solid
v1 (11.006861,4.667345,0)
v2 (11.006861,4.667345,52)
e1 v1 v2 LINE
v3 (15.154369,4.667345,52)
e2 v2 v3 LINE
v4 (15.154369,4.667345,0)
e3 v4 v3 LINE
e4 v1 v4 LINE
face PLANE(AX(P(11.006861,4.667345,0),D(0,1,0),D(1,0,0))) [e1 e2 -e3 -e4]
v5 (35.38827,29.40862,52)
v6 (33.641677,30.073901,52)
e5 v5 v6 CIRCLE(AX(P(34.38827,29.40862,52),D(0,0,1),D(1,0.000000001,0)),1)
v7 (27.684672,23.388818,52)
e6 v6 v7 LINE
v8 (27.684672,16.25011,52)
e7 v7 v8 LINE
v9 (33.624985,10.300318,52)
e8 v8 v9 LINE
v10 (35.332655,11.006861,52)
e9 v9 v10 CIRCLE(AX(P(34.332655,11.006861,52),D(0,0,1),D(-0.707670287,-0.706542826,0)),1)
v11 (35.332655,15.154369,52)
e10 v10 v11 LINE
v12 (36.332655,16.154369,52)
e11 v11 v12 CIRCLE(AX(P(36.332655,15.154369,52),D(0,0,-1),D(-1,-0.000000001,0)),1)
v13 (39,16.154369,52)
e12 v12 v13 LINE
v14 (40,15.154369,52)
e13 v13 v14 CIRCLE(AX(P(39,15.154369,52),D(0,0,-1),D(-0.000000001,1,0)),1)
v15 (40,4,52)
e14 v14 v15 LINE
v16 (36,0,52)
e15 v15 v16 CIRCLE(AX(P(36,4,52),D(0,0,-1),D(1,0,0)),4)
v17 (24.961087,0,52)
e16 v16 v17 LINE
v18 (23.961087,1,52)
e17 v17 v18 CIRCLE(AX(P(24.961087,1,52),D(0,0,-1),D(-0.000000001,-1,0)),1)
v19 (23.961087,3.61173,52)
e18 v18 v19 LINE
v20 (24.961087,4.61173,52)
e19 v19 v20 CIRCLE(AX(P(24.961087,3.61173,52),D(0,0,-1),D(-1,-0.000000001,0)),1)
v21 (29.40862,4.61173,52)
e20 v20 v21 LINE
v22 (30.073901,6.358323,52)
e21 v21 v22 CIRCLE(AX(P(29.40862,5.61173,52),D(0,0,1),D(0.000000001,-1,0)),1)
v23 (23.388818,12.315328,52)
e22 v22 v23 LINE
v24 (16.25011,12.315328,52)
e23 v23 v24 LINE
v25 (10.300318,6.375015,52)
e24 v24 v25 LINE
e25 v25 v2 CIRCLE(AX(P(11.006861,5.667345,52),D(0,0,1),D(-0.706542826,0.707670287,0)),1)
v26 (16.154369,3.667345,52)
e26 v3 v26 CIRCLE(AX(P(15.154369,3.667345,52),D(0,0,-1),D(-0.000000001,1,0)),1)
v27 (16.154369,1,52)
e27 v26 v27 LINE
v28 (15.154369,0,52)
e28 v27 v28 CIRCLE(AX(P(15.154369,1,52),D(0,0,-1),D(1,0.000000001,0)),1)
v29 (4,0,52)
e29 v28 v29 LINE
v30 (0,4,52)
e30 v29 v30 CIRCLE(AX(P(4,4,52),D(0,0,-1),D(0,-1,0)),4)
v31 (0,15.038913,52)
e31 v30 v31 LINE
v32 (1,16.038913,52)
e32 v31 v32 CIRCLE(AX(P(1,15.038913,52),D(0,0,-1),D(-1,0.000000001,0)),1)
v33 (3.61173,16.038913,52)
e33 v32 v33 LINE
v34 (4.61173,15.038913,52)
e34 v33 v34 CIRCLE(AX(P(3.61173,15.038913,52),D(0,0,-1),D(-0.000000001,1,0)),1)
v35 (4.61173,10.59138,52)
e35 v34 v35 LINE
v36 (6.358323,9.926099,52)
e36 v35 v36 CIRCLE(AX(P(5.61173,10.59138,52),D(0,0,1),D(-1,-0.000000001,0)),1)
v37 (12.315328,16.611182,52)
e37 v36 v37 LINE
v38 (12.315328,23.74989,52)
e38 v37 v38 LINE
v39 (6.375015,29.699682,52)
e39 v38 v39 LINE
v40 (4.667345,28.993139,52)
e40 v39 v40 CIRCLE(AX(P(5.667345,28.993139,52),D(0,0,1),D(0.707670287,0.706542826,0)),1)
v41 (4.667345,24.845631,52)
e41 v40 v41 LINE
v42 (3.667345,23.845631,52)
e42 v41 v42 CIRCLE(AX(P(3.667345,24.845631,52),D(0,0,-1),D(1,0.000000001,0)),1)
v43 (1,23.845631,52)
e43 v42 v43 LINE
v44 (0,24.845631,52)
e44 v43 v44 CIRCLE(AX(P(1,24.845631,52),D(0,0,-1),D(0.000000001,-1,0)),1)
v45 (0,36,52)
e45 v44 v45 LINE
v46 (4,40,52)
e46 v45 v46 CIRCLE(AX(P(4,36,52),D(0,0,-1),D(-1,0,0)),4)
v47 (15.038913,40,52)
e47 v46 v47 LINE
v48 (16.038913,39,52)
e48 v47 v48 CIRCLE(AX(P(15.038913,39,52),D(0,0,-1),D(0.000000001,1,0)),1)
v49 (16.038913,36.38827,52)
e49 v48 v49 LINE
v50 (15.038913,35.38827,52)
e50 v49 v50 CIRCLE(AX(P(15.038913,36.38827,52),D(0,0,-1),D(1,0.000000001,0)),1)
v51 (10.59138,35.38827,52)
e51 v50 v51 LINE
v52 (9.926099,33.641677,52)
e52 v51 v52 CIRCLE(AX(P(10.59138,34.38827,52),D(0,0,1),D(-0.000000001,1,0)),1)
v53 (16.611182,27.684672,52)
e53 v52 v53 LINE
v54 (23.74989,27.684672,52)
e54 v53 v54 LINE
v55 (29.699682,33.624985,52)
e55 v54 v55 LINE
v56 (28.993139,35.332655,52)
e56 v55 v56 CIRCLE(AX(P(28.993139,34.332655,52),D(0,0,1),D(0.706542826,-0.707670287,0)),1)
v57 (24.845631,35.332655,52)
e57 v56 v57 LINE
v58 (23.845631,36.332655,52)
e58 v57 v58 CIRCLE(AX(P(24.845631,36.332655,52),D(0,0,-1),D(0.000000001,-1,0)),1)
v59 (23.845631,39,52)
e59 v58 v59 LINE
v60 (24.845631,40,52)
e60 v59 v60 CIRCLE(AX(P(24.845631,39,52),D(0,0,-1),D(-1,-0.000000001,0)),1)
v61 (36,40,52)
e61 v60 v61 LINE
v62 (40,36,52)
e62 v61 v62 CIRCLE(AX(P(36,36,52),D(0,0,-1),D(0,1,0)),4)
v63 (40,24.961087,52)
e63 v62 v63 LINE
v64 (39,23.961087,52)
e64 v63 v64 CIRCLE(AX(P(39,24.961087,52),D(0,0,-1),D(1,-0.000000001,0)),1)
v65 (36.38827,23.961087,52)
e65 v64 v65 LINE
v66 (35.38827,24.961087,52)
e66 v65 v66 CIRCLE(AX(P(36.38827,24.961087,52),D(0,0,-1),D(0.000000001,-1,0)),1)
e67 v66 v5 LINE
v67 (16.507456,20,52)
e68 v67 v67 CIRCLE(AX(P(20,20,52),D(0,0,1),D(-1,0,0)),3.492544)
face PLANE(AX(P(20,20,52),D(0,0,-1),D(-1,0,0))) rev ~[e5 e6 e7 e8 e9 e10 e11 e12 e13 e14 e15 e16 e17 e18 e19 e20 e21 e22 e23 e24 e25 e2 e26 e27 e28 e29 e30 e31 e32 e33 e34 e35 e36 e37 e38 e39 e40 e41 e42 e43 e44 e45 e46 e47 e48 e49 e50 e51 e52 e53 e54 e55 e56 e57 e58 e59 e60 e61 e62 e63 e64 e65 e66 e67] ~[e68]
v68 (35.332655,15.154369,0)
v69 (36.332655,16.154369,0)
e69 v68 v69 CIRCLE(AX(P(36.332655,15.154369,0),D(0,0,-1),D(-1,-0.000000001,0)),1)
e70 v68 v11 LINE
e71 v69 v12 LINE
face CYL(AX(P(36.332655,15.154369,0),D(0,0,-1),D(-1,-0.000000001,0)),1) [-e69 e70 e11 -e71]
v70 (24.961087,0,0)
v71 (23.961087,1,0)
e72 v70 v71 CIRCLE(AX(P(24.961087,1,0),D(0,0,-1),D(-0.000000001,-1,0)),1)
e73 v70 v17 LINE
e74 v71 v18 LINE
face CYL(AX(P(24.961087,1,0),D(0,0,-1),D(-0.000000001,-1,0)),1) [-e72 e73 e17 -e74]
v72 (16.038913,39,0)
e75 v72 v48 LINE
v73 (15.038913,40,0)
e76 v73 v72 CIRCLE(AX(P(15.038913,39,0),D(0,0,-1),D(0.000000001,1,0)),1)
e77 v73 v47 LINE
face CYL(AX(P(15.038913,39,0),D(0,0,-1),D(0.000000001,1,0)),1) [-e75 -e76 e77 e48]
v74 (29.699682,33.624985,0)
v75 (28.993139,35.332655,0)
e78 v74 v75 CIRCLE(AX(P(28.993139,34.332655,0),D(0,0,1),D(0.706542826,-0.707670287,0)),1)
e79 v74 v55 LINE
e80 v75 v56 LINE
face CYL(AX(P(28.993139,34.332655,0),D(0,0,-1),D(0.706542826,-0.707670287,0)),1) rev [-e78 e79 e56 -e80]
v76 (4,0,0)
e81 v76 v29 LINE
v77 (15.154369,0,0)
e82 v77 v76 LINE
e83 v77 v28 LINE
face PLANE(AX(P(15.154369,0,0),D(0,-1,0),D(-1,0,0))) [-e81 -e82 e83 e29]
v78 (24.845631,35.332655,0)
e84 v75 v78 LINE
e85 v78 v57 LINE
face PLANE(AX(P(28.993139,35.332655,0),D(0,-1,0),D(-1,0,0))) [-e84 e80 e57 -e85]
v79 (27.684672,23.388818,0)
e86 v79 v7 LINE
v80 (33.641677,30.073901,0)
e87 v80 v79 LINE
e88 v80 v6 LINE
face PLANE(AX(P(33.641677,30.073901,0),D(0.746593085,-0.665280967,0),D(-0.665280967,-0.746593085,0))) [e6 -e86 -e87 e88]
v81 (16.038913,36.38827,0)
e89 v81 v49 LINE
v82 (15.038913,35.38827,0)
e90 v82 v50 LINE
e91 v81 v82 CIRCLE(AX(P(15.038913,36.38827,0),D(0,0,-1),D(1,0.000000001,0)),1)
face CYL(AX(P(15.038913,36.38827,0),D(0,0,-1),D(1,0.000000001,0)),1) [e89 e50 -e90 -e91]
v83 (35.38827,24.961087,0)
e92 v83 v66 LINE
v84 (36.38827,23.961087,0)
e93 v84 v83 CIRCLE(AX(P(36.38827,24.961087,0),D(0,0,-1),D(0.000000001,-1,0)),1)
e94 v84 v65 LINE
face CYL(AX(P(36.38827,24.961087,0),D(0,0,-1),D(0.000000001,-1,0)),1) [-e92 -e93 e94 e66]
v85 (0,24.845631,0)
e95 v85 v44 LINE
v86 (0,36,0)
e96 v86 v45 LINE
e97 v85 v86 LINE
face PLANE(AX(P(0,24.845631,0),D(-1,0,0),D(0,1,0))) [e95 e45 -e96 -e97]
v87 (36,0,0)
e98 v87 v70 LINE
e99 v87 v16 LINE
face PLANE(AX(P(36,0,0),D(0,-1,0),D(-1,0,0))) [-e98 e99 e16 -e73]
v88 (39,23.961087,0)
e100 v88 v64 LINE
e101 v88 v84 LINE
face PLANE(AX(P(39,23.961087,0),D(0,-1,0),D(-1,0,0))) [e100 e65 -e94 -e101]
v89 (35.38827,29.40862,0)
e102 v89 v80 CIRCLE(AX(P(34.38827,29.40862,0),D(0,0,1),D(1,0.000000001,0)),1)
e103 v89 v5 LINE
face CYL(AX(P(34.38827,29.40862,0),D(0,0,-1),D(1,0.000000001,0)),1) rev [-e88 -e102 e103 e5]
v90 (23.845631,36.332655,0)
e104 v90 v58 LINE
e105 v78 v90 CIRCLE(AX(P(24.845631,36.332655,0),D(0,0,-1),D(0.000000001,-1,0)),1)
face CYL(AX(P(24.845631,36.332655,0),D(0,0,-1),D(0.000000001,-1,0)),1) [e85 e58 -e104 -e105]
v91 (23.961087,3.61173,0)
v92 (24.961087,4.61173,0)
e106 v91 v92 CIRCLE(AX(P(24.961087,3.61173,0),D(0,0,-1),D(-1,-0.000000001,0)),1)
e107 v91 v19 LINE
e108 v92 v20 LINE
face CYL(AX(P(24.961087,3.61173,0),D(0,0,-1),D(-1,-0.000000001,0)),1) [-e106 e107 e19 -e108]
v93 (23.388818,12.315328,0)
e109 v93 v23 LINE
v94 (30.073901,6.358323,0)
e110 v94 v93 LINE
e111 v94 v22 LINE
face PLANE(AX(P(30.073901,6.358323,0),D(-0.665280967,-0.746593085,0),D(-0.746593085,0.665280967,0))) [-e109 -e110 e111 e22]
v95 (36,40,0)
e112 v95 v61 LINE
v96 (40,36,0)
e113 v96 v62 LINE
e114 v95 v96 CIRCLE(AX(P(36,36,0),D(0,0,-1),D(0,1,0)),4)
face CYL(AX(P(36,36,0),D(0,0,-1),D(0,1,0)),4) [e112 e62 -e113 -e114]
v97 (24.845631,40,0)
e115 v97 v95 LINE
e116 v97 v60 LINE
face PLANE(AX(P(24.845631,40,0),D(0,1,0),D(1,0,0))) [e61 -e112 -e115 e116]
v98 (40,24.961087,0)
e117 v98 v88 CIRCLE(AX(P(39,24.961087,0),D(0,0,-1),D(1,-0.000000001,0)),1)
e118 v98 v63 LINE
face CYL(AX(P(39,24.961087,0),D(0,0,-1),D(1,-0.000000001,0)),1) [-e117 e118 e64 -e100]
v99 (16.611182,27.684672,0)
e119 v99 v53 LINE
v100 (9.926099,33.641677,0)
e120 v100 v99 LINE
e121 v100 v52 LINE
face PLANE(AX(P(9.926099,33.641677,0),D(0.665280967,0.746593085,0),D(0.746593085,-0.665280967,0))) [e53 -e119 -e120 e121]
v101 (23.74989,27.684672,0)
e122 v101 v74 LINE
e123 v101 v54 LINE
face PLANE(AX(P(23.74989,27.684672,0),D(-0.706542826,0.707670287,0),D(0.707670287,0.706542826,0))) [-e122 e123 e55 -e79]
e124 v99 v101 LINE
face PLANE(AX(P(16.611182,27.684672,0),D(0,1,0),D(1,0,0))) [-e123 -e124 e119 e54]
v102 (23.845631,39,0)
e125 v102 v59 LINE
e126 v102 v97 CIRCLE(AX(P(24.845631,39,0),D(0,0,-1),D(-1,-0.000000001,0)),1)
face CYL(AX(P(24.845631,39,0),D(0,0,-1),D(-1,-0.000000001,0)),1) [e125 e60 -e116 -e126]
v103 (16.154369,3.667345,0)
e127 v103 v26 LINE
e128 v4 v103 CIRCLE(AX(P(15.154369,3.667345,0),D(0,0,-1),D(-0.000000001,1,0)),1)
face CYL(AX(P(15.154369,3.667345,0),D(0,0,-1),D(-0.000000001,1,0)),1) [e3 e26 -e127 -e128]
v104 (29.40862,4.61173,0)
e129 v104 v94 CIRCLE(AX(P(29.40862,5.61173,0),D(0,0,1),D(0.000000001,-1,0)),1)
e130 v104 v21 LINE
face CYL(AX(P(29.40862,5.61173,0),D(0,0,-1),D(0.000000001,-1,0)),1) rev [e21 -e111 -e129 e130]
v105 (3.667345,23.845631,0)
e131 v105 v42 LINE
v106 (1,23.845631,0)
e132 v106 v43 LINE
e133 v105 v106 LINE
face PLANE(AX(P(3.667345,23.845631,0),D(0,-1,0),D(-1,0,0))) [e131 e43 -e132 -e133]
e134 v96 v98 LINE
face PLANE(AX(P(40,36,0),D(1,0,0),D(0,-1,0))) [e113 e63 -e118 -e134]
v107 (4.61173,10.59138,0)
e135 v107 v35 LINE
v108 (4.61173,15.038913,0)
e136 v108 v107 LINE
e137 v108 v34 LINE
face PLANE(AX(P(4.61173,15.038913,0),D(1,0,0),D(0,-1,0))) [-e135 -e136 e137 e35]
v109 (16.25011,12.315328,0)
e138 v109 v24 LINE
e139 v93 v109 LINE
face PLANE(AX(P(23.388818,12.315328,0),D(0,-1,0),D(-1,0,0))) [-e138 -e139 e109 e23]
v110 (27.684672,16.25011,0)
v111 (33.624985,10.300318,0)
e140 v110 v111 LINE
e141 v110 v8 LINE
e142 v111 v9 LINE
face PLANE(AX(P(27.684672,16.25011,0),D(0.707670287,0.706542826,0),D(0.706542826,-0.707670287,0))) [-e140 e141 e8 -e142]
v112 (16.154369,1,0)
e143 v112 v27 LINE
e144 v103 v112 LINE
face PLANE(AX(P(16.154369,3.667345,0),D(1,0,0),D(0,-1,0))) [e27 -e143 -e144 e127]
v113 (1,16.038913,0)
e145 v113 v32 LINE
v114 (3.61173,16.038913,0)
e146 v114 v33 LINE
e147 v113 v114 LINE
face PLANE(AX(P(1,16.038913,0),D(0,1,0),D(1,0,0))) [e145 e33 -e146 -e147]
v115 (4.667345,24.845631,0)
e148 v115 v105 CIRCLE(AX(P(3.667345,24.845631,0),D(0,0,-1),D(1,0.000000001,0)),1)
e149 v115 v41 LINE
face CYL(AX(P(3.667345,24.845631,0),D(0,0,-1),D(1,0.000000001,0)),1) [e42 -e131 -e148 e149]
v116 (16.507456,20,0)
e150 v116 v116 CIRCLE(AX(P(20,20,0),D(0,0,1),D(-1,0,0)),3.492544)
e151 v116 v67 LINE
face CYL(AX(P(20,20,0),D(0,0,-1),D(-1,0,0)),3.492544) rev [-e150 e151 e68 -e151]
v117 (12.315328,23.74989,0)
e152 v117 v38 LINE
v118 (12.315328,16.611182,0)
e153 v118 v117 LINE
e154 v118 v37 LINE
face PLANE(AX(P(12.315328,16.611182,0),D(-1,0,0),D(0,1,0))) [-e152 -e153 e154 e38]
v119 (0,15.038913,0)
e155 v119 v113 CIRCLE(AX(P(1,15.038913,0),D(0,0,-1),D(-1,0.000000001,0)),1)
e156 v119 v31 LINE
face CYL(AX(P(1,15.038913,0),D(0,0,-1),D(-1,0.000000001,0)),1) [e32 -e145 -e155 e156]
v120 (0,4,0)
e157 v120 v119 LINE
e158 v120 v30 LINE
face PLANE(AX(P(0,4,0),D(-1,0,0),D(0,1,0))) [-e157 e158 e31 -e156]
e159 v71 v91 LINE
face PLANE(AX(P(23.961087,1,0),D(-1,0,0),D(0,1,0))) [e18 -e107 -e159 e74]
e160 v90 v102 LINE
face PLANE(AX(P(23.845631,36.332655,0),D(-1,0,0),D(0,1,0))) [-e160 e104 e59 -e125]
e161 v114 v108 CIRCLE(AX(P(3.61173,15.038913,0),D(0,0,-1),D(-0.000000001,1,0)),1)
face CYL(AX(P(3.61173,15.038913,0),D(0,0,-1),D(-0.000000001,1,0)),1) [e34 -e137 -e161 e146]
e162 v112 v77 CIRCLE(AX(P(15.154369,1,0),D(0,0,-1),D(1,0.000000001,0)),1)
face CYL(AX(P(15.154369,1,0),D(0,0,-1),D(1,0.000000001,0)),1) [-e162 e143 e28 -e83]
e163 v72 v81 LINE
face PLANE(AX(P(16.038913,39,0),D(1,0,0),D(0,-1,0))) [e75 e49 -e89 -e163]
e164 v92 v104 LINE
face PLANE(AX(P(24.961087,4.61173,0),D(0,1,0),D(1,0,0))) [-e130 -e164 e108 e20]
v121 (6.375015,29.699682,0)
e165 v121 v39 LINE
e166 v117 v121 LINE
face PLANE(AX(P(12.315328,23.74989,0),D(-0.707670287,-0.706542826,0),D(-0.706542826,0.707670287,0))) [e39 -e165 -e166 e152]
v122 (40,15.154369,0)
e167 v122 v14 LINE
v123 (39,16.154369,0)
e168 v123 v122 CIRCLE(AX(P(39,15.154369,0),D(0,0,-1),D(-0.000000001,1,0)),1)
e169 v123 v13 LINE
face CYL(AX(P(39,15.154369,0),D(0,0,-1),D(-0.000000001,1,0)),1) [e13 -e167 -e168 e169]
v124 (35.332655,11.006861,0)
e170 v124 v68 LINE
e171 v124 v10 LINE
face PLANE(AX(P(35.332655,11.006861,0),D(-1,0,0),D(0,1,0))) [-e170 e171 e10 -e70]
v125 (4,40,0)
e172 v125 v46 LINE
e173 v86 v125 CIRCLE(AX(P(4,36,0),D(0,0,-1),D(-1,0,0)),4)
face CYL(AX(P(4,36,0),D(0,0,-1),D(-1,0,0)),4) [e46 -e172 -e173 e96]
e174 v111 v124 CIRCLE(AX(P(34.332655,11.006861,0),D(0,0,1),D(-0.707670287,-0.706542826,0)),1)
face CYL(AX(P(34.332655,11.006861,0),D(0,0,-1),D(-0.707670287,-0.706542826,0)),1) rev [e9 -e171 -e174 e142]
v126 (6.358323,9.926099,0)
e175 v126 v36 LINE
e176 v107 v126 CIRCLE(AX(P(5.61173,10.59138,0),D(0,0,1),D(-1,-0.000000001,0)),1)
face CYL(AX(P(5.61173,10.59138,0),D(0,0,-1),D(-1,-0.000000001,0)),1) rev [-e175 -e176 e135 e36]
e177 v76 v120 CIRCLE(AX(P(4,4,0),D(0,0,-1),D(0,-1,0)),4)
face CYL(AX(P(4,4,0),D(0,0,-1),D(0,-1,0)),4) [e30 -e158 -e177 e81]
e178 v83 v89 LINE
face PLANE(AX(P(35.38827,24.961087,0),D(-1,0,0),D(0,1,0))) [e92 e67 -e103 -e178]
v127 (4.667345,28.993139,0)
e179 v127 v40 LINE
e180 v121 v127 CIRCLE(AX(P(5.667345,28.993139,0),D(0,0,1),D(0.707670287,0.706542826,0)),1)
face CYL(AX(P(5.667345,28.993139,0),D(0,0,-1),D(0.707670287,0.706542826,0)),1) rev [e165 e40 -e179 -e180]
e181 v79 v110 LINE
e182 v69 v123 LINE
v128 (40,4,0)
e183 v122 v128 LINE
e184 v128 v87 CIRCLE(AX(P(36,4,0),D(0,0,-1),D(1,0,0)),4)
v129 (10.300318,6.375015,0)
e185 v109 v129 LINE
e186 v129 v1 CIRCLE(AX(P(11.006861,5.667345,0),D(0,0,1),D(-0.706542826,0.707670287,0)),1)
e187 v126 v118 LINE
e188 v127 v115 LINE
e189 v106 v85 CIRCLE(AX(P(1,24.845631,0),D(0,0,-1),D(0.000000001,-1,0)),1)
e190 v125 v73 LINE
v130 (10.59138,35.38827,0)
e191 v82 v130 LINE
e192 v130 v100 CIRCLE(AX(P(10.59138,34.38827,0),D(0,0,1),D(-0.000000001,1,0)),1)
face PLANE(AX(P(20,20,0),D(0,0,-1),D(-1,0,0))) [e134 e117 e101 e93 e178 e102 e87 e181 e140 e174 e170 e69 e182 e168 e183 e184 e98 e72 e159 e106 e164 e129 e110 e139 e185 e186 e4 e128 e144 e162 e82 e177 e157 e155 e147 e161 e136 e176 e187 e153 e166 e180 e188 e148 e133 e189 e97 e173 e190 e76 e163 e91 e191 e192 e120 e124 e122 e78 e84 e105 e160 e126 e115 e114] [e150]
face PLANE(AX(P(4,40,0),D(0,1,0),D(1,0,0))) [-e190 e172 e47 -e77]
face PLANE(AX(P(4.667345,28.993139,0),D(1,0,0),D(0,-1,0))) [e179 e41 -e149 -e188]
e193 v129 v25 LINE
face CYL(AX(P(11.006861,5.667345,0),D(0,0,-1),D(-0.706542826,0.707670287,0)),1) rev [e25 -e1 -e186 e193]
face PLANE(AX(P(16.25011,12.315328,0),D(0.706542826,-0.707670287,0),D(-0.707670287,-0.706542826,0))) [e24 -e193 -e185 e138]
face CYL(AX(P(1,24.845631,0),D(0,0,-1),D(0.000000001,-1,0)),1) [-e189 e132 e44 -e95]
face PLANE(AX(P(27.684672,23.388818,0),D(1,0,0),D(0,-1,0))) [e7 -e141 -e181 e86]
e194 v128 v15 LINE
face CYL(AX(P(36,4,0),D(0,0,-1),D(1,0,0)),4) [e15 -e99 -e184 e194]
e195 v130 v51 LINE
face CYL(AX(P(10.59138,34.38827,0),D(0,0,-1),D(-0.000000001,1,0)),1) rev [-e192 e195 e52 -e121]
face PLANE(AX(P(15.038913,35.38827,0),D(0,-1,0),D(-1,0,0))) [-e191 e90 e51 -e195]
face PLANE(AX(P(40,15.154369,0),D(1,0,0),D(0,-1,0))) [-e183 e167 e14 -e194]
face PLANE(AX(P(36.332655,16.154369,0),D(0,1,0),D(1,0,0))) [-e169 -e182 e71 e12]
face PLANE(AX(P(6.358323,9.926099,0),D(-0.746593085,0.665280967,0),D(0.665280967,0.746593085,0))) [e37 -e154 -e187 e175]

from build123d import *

# Parameters (mm, degrees)
SKETCH2_R           = 3.492543695
BOSS_EXTRUDE1_DEPTH = 52


with BuildPart() as part:
    # Sketch2 → Boss-Extrude1 (new body)
    with BuildSketch(Plane.XY):
        with BuildLine():
            Line((19.48831917, 27.684671829), (23.749889801, 27.684671829))
            Line((23.749889801, 27.684671829), (29.699681879, 33.624984685))
            ThreePointArc((29.699681879, 33.624984685), (29.917171057, 34.714970099), (28.993139054, 35.332654972))
            Line((28.993139054, 35.332654972), (24.845630957, 35.332654972))
            ThreePointArc((24.845630957, 35.332654972), (24.138524175, 35.625548191), (23.845630957, 36.332654972))
            Line((23.845630957, 36.332654972), (23.845630957, 39))
            ThreePointArc((23.845630957, 39), (24.138524175, 39.707106781), (24.845630957, 40))
            Line((24.845630957, 40), (36, 40))
            ThreePointArc((36, 40), (38.828427125, 38.828427125), (40, 36))
            Line((40, 36), (40, 24.961087436))
            ThreePointArc((40, 24.961087436), (39.707106781, 24.253980655), (39, 23.961087436))
            Line((39, 23.961087436), (36.388269628, 23.961087436))
            ThreePointArc((36.388269628, 23.961087436), (35.681162846, 24.253980655), (35.388269628, 24.961087436))
            Line((35.388269628, 24.961087436), (35.388269628, 29.408620307))
            ThreePointArc((35.388269628, 29.408620307), (34.744223919, 30.343123673), (33.641676542, 30.073901274))
            Line((33.641676542, 30.073901274), (27.684671829, 23.388818206))
            Line((27.684671829, 23.388818206), (27.684671829, 20.51168083))
            Line((27.684671829, 20.51168083), (27.684671829, 16.250110199))
            Line((27.684671829, 16.250110199), (33.624984685, 10.300318121))
            ThreePointArc((33.624984685, 10.300318121), (34.714970099, 10.082828943), (35.332654972, 11.006860946))
            Line((35.332654972, 11.006860946), (35.332654972, 15.154369043))
            ThreePointArc((35.332654972, 15.154369043), (35.625548191, 15.861475825), (36.332654972, 16.154369043))
            Line((36.332654972, 16.154369043), (39, 16.154369043))
            ThreePointArc((39, 16.154369043), (39.707106781, 15.861475825), (40, 15.154369043))
            Line((40, 15.154369043), (40, 4))
            ThreePointArc((40, 4), (38.828427125, 1.171572875), (36, 0))
            Line((36, 0), (24.961087436, 0))
            ThreePointArc((24.961087436, 0), (24.253980655, 0.292893219), (23.961087436, 1))
            Line((23.961087436, 1), (23.961087436, 3.611730372))
            ThreePointArc((23.961087436, 3.611730372), (24.253980655, 4.318837154), (24.961087436, 4.611730372))
            Line((24.961087436, 4.611730372), (29.408620307, 4.611730372))
            ThreePointArc((29.408620307, 4.611730372), (30.343123673, 5.255776081), (30.073901274, 6.358323458))
            Line((30.073901274, 6.358323458), (23.388818206, 12.315328171))
            Line((23.388818206, 12.315328171), (20.51168083, 12.315328171))
            Line((20.51168083, 12.315328171), (16.250110199, 12.315328171))
            Line((16.250110199, 12.315328171), (10.300318121, 6.375015315))
            ThreePointArc((10.300318121, 6.375015315), (10.082828943, 5.285029901), (11.006860946, 4.667345028))
            Line((11.006860946, 4.667345028), (15.154369043, 4.667345028))
            ThreePointArc((15.154369043, 4.667345028), (15.861475825, 4.374451809), (16.154369043, 3.667345028))
            Line((16.154369043, 3.667345028), (16.154369043, 1))
            ThreePointArc((16.154369043, 1), (15.861475825, 0.292893219), (15.154369043, 0))
            Line((15.154369043, 0), (4, 0))
            ThreePointArc((4, 0), (1.171572875, 1.171572875), (0, 4))
            Line((0, 4), (0, 15.038912564))
            ThreePointArc((0, 15.038912564), (0.292893219, 15.746019345), (1, 16.038912564))
            Line((1, 16.038912564), (3.611730372, 16.038912564))
            ThreePointArc((3.611730372, 16.038912564), (4.318837154, 15.746019345), (4.611730372, 15.038912564))
            Line((4.611730372, 15.038912564), (4.611730372, 10.591379693))
            ThreePointArc((4.611730372, 10.591379693), (5.255776081, 9.656876327), (6.358323458, 9.926098726))
            Line((6.358323458, 9.926098726), (12.315328171, 16.611181794))
            Line((12.315328171, 16.611181794), (12.315328171, 19.48831917))
            Line((12.315328171, 19.48831917), (12.315328171, 23.749889801))
            Line((12.315328171, 23.749889801), (6.375015315, 29.699681879))
            ThreePointArc((6.375015315, 29.699681879), (5.285029901, 29.917171057), (4.667345028, 28.993139054))
            Line((4.667345028, 28.993139054), (4.667345028, 24.845630957))
            ThreePointArc((4.667345028, 24.845630957), (4.374451809, 24.138524175), (3.667345028, 23.845630957))
            Line((3.667345028, 23.845630957), (1, 23.845630957))
            ThreePointArc((1, 23.845630957), (0.292893219, 24.138524175), (0, 24.845630957))
            Line((0, 24.845630957), (0, 36))
            ThreePointArc((0, 36), (1.171572875, 38.828427125), (4, 40))
            Line((4, 40), (15.038912564, 40))
            ThreePointArc((15.038912564, 40), (15.746019345, 39.707106781), (16.038912564, 39))
            Line((16.038912564, 39), (16.038912564, 36.388269628))
            ThreePointArc((16.038912564, 36.388269628), (15.746019345, 35.681162846), (15.038912564, 35.388269628))
            Line((15.038912564, 35.388269628), (10.591379693, 35.388269628))
            ThreePointArc((10.591379693, 35.388269628), (9.656876327, 34.744223919), (9.926098726, 33.641676542))
            Line((9.926098726, 33.641676542), (16.611181794, 27.684671829))
            Line((16.611181794, 27.684671829), (19.48831917, 27.684671829))
        make_face()
        with Locations(Location((20, 20, 0), (0, 0, 180))):
            Circle(SKETCH2_R, mode=Mode.SUBTRACT)
    extrude(amount=BOSS_EXTRUDE1_DEPTH)


solid = part.part
